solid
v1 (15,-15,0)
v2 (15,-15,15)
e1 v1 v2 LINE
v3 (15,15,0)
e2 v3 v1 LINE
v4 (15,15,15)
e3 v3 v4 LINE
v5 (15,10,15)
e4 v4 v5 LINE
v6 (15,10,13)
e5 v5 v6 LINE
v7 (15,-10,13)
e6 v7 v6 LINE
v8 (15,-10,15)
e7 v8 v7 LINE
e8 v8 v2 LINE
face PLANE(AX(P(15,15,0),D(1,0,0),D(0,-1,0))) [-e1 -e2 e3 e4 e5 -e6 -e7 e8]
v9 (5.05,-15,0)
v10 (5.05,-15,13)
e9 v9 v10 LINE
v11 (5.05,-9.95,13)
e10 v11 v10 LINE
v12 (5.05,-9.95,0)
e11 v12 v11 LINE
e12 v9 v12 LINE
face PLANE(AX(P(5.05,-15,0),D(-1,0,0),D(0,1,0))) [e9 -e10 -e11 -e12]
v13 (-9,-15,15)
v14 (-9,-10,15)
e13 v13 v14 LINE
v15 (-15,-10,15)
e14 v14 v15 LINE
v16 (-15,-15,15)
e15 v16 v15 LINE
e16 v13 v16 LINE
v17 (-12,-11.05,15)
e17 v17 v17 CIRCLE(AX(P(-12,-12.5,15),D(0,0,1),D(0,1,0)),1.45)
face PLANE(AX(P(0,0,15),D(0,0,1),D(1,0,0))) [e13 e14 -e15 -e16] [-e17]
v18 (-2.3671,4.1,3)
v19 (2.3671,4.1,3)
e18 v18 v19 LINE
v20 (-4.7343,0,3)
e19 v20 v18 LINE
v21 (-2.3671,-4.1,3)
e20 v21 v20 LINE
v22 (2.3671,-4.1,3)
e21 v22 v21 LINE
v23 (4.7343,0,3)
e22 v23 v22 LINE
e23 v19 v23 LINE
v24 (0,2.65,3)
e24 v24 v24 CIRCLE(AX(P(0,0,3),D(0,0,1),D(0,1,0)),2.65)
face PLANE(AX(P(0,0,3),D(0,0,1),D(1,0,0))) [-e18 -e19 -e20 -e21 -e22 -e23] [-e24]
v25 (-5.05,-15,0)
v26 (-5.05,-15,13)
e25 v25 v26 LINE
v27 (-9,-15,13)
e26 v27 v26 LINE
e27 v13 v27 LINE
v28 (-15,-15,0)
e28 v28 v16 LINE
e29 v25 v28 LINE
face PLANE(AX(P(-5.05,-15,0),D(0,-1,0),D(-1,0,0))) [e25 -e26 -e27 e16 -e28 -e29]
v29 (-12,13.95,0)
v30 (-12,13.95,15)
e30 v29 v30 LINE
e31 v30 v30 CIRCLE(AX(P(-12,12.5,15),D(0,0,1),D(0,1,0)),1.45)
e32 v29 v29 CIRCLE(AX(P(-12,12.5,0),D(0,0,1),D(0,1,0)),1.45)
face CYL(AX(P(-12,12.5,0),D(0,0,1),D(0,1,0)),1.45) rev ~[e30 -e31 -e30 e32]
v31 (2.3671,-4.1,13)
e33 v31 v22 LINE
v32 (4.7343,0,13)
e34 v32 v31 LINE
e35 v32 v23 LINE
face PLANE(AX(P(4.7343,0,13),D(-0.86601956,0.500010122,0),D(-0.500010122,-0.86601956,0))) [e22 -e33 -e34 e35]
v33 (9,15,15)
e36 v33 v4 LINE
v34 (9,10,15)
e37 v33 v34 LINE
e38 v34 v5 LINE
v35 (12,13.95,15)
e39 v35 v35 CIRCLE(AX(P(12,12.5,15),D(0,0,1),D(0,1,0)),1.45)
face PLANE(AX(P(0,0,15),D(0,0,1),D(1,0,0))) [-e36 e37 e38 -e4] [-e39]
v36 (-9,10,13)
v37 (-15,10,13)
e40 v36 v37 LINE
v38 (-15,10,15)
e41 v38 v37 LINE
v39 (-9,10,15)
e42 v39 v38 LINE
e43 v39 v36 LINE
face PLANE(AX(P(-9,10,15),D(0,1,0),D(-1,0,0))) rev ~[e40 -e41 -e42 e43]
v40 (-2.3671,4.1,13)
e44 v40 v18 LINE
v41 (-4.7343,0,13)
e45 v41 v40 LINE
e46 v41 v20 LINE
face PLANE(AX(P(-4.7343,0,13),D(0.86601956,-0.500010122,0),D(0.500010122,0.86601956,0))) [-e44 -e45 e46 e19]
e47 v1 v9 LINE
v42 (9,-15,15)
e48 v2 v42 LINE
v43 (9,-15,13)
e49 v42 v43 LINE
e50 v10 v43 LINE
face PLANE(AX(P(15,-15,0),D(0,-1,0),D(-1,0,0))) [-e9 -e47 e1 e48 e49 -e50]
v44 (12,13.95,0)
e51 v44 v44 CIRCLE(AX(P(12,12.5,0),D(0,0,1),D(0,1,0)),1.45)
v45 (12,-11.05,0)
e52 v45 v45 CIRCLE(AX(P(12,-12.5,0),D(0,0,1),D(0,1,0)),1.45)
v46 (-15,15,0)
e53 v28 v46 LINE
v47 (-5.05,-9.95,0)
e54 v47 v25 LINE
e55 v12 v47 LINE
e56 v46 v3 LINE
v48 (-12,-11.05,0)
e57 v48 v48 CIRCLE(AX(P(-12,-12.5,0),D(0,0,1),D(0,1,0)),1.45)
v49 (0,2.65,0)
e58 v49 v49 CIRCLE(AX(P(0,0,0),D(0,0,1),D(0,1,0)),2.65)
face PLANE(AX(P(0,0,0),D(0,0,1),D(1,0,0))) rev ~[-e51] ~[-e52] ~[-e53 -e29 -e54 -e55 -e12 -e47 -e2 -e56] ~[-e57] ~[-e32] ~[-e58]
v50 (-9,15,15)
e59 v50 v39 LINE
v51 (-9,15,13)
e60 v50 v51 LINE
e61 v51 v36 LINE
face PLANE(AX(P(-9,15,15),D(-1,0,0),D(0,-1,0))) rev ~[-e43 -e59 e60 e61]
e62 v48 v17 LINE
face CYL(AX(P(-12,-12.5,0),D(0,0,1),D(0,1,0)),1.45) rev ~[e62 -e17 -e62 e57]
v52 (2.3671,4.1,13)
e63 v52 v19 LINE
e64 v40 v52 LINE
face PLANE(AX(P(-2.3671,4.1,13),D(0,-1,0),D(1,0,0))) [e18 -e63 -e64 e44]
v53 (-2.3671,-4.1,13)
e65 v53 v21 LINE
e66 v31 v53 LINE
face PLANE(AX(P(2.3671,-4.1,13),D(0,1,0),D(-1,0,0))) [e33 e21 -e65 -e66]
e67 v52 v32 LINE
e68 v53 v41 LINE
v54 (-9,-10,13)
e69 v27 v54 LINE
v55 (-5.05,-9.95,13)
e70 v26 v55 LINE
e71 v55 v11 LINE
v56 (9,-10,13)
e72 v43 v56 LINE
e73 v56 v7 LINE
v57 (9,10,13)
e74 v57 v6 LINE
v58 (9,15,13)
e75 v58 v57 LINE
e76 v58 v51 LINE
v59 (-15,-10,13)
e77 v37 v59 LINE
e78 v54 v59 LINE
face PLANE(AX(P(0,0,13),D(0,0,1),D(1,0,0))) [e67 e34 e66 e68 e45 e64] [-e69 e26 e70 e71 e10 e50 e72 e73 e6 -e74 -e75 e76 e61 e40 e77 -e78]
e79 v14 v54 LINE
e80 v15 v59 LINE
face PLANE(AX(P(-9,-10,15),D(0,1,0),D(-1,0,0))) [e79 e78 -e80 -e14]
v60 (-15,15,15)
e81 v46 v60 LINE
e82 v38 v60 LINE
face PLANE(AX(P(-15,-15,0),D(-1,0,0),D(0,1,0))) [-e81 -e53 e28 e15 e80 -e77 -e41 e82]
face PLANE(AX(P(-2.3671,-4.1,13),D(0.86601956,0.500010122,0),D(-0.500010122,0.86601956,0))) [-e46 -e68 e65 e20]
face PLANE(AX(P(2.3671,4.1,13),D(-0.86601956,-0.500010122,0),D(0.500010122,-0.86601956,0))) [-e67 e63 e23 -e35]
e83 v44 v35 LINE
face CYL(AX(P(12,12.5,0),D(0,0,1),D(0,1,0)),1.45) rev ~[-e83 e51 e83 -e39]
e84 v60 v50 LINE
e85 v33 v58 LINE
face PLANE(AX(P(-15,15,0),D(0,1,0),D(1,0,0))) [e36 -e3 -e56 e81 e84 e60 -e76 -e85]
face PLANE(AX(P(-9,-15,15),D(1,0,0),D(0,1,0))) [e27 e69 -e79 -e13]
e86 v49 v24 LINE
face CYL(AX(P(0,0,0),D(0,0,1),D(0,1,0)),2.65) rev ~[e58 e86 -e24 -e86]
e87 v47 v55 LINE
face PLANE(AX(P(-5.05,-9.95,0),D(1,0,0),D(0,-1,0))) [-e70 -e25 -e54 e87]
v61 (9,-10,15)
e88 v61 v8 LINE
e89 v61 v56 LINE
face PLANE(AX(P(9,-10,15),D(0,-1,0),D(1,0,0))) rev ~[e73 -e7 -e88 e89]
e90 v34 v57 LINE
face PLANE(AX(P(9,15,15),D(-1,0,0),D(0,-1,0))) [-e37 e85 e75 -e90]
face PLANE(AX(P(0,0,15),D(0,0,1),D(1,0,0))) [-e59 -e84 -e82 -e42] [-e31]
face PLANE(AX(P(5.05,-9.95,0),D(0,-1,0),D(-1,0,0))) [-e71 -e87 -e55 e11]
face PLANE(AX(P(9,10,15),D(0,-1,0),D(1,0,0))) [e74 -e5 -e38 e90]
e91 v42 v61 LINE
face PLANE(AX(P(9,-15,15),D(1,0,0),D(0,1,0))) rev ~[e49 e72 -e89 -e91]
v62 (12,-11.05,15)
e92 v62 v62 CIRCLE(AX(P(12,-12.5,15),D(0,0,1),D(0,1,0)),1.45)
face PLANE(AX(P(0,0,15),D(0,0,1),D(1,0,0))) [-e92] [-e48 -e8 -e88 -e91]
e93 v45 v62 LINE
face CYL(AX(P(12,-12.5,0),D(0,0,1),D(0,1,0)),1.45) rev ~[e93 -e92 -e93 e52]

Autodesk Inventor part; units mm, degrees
ref_plane "YZ Plane" through (0, 0, 0) normal (1, 0, 0) x (0, 1, 0)
ref_plane "XZ Plane" through (0, 0, 0) normal (0, 1, 0) x (-1, 0, 0)
ref_plane "XY Plane" through (0, 0, 0) normal (0, 0, 1) x (1, 0, 0)
sketch "Sketch1" plane through (0, 0, 0) normal (0, 0, 1) x (1, 0, 0)
  line L0 (-15, -15) -> (-15, 15)
  line L1 (-15, 15) -> (15, 15)
  line L2 (15, 15) -> (15, -15)
  line L3 (15, -15) -> (-15, 15) construction
  line L4 (-15, -15) -> (15, 15) construction
  line L5 (0, 0) -> (8.0802, 0) construction
  line L6 (0, 0) -> (0, 7.2946) construction
  line L7 (-5.05, -20.05) -> (5.05, -20.05)
  line L8 (5.05, -20.05) -> (5.05, -9.95)
  line L9 (5.05, -9.95) -> (-5.05, -9.95)
  line L10 (-5.05, -9.95) -> (-5.05, -20.05)
  line L11 (-5.05, -20.05) -> (5.05, -9.95) construction
  line L12 (5.05, -20.05) -> (-5.05, -9.95) construction
  line L13 (15, -15) -> (5.05, -15)
  line L14 (-5.05, -15) -> (-15, -15)
  point P0 (-12, -12.5)
  point P1 (12, -12.5)
  point P2 (-12, 12.5)
  point P3 (12, 12.5)
  point P4 (0, -15)
  dimension "d0" = 30
  dimension "d1" = 30
  dimension "d4" = 24
  dimension "d7" = 25
  dimension "d10" = 10.1
  dimension "d11" = 10.1
extrude "Extrusion1" add sketch "Sketch1" along normal blind 15 contours L0 L1 L2 L13 L8 L9 L10 L14
hole "Hole1" at (12, 12.5, 0) at (-12, 12.5, 0) at (-12, -12.5, 0) at (12, -12.5, 0) direction (0, 0, 1) diameter 2.9 end through all
sketch "Sketch2" plane through (0, 0, 0) normal (0, 0, -1) x (-1, 0, 0)
  point P0 (0, 0)
  point P1 (0, 0)
hole "Hole2" at (0, 0, 0) direction (0, 0, 1) diameter 5.3 end through all clearance for "Flat Head Machine Screw" size "M5" standard "Ansi Metric M Profile"
sketch "Sketch3" plane through (0, 0, 15) normal (0, 0, 1) x (1, 0, 0)
  line L0 (15, 15) -> (-15, 15) projected
  line L1 (-15, 15) -> (-9, 15)
  line L2 (-9, 15) -> (-9, 10)
  line L3 (-9, 10) -> (-15, 10)
  line L4 (-15, 10) -> (-15, 15)
  line L5 (15, -15) -> (15, 15) projected
  line L6 (15, 15) -> (9, 15)
  line L7 (9, 15) -> (9, 10)
  line L8 (9, 10) -> (15, 10)
  line L9 (15, 10) -> (15, 15)
  line L10 (-15, -15) -> (-5.05, -15) projected
  line L11 (-15, -15) -> (-9, -15)
  line L12 (-9, -15) -> (-9, -10)
  line L13 (-9, -10) -> (-15, -10)
  line L14 (-15, -10) -> (-15, -15)
  line L15 (15, -15) -> (9, -15)
  line L16 (9, -15) -> (9, -10)
  line L17 (9, -10) -> (15, -10)
  line L18 (15, -10) -> (15, -15)
  circle A0 centre (0, 0) radius 2.65 projected
  circle A1 centre (-12, -12.5) radius 1.45 projected
  circle A2 centre (12, 12.5) radius 1.45 projected
  circle A3 centre (-12, 12.5) radius 1.45 projected
  circle A4 centre (12, -12.5) radius 1.45 projected
  line L19 (15, 15) -> (-15, 15) projected
  line L20 (-15, 15) -> (-15, -15) projected
  line L21 (-15, -15) -> (-5.05, -15) projected
  line L22 (-5.05, -15) -> (-5.05, -9.95) projected
  line L23 (-5.05, -9.95) -> (5.05, -9.95) projected
  line L24 (5.05, -9.95) -> (5.05, -15) projected
  line L25 (5.05, -15) -> (15, -15) projected
  line L26 (15, -15) -> (15, 15) projected
  dimension "d28" = 6
  dimension "d29" = 5
  dimension "d30" = 6
  dimension "d31" = 5
  dimension "d32" = 6
  dimension "d33" = 5
extrude "Extrusion2" cut sketch "Sketch3" against normal blind 2 contours L7 L8 L5 L17 L16 L25 L24 L23 L22 L10 L12 L13 L20 L3 L2 L0
sketch "Sketch4" plane through (0, 0, 13) normal (0, 0, 1) x (1, 0, 0)
  line L0 (2.3671, 4.1) -> (4.7343, 0)
  line L1 (4.7343, 0) -> (2.3671, -4.1)
  line L2 (2.3671, -4.1) -> (-2.3671, -4.1)
  line L3 (-2.3671, -4.1) -> (-4.7343, 0)
  line L4 (-4.7343, 0) -> (-2.3671, 4.1)
  line L5 (-2.3671, 4.1) -> (2.3671, 4.1)
  point P0 (0, 0)
  point P1 (0, 0)
  dimension "d36" = 8.2
extrude "Extrusion3" cut sketch "Sketch4" against normal blind 10
properties part number "front_door-webcam(FIT0701)-mount"
